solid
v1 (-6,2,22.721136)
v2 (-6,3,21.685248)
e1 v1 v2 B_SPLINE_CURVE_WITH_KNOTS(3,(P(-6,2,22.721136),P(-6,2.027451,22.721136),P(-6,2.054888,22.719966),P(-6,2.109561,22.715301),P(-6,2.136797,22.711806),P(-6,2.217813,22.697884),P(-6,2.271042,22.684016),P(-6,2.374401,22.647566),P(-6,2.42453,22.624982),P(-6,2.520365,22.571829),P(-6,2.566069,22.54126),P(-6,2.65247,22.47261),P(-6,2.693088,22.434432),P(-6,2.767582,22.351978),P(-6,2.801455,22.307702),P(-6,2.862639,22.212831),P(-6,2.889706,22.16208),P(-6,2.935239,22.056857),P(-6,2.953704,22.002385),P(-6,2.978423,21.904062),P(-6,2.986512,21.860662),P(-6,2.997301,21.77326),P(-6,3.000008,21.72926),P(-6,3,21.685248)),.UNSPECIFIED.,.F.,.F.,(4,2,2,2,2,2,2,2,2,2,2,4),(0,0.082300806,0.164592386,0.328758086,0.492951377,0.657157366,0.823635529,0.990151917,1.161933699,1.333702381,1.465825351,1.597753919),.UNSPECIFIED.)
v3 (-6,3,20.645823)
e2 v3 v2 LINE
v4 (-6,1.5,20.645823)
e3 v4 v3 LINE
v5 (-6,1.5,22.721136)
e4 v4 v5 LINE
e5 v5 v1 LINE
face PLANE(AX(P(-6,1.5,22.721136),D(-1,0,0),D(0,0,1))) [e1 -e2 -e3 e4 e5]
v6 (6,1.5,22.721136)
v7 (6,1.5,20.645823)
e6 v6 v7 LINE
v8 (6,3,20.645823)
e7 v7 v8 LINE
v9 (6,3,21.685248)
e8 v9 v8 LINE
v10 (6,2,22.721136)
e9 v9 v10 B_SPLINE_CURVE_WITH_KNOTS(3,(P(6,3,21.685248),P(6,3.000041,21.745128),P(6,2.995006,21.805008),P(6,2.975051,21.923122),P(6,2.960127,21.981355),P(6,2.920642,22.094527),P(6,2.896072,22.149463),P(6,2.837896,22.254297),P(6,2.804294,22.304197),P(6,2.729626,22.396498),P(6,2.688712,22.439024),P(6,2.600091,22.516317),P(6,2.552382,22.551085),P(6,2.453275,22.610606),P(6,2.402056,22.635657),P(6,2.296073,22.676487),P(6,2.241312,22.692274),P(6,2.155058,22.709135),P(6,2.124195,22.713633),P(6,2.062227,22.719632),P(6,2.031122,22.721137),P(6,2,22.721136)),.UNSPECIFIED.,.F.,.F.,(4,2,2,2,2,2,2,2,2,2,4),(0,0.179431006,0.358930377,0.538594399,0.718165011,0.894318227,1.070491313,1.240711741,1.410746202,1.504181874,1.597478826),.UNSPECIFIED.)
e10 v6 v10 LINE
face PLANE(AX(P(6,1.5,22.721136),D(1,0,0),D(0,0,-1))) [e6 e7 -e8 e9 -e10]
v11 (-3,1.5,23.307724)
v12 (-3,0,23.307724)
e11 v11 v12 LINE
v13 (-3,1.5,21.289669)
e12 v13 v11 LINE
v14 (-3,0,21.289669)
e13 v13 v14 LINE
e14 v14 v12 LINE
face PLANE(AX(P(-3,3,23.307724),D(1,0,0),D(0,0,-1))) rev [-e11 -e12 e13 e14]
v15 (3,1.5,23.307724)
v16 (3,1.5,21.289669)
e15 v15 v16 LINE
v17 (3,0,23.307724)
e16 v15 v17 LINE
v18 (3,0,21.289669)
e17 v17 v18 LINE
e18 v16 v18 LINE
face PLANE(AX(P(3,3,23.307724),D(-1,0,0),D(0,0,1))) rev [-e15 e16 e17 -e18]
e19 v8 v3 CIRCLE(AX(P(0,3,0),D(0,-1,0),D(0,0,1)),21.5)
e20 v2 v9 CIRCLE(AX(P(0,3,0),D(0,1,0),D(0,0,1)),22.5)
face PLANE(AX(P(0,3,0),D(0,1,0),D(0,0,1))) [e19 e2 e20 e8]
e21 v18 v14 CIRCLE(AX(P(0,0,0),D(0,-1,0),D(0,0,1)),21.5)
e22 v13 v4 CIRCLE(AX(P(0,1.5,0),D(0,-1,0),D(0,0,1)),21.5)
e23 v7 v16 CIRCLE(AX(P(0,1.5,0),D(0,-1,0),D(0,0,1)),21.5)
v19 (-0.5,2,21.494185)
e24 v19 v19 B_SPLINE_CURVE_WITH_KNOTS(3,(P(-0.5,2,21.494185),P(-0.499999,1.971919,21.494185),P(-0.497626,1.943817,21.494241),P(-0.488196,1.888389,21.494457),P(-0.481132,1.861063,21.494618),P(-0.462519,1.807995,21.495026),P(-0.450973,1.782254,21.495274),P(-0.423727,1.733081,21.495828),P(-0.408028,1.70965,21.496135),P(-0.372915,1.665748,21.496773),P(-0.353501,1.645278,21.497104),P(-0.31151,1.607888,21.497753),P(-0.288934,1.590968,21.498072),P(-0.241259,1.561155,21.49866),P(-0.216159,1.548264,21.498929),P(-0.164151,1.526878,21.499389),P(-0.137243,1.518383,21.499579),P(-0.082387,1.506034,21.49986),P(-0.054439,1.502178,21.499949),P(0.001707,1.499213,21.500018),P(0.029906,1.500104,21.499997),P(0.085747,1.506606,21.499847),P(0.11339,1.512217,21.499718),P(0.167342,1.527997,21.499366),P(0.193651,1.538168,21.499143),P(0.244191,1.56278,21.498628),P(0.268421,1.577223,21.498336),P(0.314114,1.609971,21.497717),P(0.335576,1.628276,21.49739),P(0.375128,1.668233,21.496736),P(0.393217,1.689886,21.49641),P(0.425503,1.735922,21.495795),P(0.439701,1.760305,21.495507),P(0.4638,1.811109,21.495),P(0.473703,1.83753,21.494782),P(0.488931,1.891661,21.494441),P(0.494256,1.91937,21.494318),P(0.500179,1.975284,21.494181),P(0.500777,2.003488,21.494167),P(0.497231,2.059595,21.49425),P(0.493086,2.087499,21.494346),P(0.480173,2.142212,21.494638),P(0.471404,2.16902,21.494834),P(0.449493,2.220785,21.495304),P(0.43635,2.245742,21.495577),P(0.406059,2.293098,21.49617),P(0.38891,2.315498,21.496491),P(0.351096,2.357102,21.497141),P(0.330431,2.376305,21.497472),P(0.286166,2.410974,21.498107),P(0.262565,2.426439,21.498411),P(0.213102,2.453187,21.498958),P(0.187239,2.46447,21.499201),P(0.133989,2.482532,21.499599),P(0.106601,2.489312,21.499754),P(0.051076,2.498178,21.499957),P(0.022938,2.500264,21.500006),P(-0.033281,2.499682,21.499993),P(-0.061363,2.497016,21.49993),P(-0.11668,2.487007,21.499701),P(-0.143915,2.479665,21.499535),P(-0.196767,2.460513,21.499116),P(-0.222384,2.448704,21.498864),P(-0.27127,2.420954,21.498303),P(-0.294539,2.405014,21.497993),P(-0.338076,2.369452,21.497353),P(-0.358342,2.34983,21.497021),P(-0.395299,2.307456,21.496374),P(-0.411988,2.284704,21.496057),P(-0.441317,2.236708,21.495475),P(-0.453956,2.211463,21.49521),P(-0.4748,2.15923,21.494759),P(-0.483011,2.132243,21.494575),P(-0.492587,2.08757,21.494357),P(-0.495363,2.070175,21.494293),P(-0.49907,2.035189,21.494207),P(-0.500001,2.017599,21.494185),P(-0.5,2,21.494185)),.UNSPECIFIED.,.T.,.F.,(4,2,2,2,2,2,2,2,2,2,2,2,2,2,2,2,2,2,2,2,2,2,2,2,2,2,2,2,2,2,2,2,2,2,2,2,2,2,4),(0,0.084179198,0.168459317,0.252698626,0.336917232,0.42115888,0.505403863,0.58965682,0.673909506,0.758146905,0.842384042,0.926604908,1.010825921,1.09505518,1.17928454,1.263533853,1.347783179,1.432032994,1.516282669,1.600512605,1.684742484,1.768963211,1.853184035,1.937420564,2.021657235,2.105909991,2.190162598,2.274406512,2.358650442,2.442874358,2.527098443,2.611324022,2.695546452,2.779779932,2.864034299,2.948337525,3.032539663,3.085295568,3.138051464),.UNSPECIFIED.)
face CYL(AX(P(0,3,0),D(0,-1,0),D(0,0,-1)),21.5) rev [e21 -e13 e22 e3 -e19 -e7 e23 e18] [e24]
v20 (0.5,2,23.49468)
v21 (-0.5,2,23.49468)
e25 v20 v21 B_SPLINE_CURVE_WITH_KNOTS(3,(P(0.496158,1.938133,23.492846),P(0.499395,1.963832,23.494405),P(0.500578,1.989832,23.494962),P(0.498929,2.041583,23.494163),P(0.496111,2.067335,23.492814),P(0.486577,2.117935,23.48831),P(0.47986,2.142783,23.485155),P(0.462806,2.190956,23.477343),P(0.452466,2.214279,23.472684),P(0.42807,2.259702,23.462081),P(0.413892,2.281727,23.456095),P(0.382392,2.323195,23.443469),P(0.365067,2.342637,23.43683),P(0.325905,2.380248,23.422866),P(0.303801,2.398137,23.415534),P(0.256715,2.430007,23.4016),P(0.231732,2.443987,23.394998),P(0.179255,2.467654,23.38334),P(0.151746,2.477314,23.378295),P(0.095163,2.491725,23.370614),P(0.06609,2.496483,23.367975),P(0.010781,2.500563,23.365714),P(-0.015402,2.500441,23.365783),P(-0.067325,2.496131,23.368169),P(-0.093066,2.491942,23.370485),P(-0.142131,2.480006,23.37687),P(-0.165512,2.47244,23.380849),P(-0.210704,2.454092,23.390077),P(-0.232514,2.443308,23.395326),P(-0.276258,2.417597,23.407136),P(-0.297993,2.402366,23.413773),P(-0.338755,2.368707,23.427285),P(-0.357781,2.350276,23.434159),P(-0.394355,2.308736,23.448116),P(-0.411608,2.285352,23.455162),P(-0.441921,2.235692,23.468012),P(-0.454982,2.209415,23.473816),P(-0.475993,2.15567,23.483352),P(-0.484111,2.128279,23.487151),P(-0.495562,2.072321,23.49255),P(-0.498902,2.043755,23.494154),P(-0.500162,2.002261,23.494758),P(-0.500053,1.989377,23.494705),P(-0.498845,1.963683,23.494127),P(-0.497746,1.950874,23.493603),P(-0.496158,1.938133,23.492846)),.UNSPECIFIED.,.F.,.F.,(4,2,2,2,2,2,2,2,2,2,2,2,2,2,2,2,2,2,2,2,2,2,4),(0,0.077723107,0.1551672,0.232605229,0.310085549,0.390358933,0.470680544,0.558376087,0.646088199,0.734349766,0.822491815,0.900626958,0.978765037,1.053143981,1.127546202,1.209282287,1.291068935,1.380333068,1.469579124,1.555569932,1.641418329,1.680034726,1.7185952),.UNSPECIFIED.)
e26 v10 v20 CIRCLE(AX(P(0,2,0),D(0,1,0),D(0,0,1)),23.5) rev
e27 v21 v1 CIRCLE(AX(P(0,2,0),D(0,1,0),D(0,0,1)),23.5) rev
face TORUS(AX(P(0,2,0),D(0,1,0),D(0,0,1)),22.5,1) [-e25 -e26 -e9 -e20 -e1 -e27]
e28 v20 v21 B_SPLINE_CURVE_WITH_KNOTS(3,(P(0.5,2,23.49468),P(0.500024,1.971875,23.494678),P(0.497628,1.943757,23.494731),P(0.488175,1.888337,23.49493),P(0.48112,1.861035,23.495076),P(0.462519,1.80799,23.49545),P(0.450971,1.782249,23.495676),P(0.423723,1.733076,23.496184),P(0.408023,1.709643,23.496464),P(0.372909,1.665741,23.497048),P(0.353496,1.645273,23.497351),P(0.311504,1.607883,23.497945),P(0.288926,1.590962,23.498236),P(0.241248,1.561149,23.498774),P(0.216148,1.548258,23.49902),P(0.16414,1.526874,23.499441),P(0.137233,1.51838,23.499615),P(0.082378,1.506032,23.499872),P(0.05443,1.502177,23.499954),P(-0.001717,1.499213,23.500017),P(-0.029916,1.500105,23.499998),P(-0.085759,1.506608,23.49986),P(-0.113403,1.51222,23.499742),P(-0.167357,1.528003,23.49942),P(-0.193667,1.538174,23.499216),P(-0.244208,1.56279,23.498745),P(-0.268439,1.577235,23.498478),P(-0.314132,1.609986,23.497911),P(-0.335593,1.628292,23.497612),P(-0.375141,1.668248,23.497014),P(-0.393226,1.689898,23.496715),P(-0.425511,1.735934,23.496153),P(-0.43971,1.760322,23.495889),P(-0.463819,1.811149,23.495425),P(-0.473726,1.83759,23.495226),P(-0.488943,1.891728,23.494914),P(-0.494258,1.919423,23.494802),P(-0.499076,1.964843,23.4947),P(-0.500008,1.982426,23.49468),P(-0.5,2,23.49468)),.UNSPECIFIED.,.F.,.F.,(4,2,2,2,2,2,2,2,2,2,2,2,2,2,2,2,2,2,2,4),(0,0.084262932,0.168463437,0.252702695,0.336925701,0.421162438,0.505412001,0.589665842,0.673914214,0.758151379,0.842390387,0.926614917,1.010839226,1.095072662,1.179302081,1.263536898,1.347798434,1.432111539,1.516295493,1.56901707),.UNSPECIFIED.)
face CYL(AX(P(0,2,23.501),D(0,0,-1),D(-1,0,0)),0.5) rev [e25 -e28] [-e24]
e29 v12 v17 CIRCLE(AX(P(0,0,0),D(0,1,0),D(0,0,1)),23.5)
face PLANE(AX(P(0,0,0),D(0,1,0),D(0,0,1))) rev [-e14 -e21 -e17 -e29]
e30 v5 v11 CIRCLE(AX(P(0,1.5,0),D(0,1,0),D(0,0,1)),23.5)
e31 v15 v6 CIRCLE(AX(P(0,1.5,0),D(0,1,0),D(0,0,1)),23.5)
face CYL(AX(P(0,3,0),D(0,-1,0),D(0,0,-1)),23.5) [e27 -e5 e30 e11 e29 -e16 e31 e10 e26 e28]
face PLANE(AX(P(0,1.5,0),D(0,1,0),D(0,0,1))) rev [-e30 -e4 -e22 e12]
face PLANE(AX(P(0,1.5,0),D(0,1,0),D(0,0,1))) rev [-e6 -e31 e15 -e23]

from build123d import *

# Parameters (mm, degrees)
BOSS_EXTRUDE1_DEPTH = 3
BOSS_EXTRUDE2_DEPTH = 1.5
FILLET1_R           = 1
CUT_EXTRUDE1_REACH  = 25.5
SKETCH3_R           = 0.5


with BuildPart() as part:
    # Sketch1 → Boss-Extrude1 (new body)
    with BuildSketch(Plane(origin=(0, 0, 0), x_dir=(1, 0, 0), z_dir=(0, 1, 0))):
        with BuildLine():
            Line((3, -23.307724042), (3, -21.289668856))
            ThreePointArc((3, -21.289668856), (0, -21.5), (-3, -21.289668856))
            Line((-3, -21.289668856), (-3, -23.307724042))
            ThreePointArc((-3, -23.307724042), (0, -23.5), (3, -23.307724042))
        make_face()
    extrude(amount=BOSS_EXTRUDE1_DEPTH)

    # Sketch2 → Boss-Extrude2 (add)
    with BuildSketch(Plane(origin=(0, 3, 0), x_dir=(1, 0, 0), z_dir=(0, 1, 0))):
        with BuildLine():
            Line((-6, -22.721135535), (-6, -20.645822822))
            ThreePointArc((-6, -20.645822822), (0, -21.5), (6, -20.645822822))
            Line((6, -20.645822822), (6, -22.721135535))
            ThreePointArc((6, -22.721135535), (0, -23.5), (-6, -22.721135535))
        make_face()
    extrude(amount=-BOSS_EXTRUDE2_DEPTH)

    # Fillet1
    fillet1_edges = [part.edges().sort_by_distance(p)[0] for p in [
        (0, 3, 23.5),
    ]]
    fillet(fillet1_edges, radius=FILLET1_R)

    # Sketch3 → Cut-Extrude1 (cut, up to next)
    with BuildSketch(Plane.XY, mode=Mode.PRIVATE) as cut_extrude1_sk1:
        with Locations((0, 2)):
            Circle(SKETCH3_R)
    cut_extrude1_tool1 = extrude(cut_extrude1_sk1.sketch, amount=CUT_EXTRUDE1_REACH, mode=Mode.PRIVATE) & part.part
    add(cut_extrude1_tool1.solids().sort_by_distance((0, 2, 0))[0], mode=Mode.SUBTRACT)


solid = part.part
